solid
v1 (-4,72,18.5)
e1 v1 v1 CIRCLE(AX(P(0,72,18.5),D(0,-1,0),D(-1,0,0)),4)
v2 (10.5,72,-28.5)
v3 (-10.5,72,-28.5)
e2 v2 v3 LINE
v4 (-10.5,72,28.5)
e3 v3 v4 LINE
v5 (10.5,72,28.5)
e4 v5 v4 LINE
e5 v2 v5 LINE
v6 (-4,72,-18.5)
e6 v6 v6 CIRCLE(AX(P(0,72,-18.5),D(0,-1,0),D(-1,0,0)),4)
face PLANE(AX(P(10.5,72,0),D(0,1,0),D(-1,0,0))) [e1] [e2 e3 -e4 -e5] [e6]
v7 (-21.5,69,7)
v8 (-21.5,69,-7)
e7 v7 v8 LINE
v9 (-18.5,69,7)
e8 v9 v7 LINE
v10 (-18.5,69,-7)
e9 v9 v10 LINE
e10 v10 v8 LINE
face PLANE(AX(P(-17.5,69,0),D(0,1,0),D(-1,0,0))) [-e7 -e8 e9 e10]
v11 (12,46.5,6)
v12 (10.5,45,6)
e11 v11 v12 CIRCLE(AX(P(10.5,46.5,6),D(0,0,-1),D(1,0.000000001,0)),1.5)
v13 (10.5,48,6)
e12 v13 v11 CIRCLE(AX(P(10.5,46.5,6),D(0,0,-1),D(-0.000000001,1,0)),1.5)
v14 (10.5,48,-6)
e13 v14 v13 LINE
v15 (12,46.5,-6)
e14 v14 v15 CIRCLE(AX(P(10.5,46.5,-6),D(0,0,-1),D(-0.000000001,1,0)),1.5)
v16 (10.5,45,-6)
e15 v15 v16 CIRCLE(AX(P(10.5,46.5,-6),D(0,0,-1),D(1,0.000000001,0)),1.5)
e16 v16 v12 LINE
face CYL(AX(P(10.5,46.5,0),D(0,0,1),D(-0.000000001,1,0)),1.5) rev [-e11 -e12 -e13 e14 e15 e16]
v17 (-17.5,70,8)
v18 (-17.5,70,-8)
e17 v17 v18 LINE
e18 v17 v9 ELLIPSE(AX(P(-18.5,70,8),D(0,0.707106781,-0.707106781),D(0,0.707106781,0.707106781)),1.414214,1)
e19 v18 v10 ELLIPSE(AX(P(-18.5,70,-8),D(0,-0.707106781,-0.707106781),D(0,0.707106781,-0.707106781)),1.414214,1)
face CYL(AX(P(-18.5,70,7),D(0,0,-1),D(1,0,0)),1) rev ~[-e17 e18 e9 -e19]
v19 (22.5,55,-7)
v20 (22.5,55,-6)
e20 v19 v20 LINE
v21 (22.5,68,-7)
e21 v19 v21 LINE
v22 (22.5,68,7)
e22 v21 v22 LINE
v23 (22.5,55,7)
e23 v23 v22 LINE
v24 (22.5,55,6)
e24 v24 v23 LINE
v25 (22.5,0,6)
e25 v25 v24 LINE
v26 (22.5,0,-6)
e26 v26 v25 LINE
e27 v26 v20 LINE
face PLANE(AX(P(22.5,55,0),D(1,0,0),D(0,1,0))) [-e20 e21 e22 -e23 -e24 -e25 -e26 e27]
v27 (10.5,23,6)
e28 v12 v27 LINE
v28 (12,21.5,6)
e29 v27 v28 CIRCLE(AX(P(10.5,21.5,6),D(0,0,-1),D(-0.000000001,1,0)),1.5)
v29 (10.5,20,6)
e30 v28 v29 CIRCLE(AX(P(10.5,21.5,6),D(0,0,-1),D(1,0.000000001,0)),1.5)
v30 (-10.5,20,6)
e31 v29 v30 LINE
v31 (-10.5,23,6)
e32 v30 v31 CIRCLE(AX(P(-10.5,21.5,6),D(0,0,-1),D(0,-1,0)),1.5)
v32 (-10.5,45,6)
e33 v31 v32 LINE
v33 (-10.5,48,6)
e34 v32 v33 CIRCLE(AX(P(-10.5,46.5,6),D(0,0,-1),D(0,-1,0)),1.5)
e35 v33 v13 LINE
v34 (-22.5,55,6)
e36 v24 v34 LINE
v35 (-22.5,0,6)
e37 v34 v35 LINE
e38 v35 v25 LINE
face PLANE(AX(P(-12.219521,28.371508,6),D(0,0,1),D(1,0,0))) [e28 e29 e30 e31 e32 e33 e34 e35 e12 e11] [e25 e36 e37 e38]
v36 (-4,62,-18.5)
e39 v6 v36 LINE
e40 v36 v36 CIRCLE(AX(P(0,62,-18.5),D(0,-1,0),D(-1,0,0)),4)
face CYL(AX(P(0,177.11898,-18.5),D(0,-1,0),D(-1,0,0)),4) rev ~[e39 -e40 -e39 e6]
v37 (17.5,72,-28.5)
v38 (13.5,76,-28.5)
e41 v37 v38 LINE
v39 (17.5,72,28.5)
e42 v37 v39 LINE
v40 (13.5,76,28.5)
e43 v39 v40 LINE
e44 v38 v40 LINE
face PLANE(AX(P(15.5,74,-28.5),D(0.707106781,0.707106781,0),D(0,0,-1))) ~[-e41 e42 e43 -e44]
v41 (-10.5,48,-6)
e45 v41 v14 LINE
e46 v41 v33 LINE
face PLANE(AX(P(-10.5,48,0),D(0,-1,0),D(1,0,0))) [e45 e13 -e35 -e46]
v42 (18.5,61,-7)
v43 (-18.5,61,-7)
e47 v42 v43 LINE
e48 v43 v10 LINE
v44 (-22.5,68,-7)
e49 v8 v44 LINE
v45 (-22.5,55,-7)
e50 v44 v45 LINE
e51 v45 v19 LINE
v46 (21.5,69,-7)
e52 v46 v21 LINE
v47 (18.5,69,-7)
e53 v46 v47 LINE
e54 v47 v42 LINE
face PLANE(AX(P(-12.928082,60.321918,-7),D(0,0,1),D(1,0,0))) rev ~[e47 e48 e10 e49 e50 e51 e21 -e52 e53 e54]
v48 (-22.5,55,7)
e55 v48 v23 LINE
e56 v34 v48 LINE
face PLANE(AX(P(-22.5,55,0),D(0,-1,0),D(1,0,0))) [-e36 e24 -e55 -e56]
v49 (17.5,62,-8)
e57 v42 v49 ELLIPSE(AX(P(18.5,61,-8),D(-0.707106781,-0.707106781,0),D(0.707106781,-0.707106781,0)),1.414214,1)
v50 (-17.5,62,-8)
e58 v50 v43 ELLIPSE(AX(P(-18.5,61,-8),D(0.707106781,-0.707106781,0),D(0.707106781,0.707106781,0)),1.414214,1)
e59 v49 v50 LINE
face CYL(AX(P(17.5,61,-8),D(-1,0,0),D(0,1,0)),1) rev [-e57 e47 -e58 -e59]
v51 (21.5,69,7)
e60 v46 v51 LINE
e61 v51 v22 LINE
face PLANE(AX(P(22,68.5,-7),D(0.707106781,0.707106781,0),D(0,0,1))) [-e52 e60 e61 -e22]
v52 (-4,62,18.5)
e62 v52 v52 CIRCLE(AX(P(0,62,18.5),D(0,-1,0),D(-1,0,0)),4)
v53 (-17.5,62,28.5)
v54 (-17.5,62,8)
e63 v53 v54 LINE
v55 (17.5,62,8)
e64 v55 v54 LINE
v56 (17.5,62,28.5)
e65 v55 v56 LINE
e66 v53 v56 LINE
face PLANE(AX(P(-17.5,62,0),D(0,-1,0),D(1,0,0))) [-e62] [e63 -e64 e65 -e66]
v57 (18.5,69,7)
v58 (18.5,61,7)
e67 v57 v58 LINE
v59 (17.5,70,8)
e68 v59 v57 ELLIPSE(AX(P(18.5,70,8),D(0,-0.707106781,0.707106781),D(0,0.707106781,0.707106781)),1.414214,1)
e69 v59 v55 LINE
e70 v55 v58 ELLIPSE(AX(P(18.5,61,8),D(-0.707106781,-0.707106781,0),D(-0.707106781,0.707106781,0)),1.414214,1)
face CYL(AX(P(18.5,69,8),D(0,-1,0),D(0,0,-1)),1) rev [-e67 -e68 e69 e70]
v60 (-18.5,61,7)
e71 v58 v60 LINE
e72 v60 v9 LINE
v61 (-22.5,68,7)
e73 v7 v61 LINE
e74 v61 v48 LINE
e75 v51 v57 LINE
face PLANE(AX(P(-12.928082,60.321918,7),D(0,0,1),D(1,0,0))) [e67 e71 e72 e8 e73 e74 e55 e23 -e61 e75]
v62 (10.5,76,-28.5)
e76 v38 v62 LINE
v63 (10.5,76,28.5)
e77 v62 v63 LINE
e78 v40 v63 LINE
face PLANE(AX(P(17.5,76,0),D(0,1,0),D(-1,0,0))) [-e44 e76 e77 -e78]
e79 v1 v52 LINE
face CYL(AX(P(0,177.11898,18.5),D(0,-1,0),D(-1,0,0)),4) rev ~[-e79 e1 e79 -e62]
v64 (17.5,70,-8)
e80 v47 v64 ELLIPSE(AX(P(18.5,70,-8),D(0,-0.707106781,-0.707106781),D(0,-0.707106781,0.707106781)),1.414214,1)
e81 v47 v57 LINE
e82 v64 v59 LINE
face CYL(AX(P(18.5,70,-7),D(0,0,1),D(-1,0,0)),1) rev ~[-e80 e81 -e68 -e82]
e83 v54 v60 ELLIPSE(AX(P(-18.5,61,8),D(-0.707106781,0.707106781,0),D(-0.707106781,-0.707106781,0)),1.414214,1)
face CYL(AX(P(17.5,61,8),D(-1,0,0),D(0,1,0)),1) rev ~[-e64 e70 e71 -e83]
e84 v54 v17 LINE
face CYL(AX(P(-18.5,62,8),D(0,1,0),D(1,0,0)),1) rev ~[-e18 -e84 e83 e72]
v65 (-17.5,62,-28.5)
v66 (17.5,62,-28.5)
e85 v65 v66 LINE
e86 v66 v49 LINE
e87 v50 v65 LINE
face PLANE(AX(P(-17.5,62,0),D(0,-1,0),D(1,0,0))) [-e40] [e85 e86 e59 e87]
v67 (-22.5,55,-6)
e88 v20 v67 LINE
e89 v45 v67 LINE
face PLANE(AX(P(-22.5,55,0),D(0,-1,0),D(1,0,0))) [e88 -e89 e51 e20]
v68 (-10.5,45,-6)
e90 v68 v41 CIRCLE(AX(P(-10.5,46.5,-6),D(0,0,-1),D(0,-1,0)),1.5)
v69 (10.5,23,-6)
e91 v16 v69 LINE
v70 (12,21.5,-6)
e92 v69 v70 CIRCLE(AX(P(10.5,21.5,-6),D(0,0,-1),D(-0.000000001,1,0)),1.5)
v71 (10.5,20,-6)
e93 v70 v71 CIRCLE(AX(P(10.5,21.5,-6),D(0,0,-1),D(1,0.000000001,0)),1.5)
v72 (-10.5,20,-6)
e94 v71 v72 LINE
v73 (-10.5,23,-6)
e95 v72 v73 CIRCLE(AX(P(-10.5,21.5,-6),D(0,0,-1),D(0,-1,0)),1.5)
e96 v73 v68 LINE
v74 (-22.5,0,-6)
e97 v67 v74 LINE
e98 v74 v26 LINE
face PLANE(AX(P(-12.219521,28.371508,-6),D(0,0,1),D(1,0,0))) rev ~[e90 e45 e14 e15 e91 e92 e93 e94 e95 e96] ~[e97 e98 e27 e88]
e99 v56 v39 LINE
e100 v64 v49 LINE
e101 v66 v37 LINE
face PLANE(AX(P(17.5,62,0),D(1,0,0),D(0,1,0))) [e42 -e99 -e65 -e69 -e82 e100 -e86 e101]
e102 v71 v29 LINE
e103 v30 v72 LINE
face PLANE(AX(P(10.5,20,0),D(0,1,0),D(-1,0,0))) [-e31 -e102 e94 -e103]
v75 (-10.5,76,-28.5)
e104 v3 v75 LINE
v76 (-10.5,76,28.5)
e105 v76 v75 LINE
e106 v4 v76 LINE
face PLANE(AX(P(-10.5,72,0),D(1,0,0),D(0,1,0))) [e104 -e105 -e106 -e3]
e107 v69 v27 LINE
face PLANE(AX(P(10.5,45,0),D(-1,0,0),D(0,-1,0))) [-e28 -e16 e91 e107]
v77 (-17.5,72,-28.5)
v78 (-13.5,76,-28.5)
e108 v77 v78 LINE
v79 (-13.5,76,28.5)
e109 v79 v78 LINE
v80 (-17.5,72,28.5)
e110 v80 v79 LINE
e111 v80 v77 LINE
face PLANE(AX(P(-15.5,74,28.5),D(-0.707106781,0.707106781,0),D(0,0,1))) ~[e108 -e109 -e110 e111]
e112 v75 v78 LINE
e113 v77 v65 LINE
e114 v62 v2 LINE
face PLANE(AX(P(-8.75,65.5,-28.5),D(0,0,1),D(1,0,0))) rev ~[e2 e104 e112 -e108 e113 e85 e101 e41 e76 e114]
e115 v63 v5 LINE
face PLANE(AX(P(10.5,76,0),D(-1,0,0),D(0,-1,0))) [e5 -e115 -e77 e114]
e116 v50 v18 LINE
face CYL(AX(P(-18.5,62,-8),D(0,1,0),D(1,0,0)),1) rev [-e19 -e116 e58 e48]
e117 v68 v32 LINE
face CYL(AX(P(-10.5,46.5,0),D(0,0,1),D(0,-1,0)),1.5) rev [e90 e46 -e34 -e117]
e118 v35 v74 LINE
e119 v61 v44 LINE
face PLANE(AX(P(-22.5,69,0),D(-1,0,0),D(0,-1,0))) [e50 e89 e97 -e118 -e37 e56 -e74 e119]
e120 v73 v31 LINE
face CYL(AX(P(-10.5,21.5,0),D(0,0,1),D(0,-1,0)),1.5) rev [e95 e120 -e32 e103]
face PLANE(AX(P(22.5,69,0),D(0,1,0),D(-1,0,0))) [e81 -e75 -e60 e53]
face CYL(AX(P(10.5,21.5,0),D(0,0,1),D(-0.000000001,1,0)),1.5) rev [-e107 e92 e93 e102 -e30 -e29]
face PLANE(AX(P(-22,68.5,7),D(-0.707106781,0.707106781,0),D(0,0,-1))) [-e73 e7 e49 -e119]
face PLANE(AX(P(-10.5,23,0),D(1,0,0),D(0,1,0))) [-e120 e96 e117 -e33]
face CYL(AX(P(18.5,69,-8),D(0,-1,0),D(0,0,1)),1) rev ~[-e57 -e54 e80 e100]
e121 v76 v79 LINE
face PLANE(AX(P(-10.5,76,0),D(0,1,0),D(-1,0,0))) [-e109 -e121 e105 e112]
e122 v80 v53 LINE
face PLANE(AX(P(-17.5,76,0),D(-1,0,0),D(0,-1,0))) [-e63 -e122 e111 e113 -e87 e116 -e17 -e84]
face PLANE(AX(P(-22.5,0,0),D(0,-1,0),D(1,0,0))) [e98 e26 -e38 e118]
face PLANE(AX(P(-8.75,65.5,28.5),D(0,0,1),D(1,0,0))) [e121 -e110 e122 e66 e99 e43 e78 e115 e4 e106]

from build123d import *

# Parameters (mm, degrees)
SKETCH_2_W      = 45
SKETCH_2_H      = 55
EXTRUDE_1_DEPTH = 6
EXTRUDE_2_DEPTH = 7
EXTRUDE_3_DEPTH = 28.5
CHAMFER_1_SIZE  = 4
HOLE_WIZARD_1_D = 8
FILLET_1_R      = 1
CHAMFER_2_SIZE  = 1


with BuildPart() as part:
    # 스케치2 → 보스-돌출1 (new, symmetric)
    with BuildSketch(Plane.XY):
        with Locations((0, 27.5)):
            Rectangle(SKETCH_2_W, SKETCH_2_H)
        with BuildLine():
            Line((-10.5, 48), (10.5, 48))
            ThreePointArc((10.5, 48), (12, 46.5), (10.5, 45))
            Line((10.5, 45), (10.5, 23))
            ThreePointArc((10.5, 23), (12, 21.5), (10.5, 20))
            Line((10.5, 20), (-10.5, 20))
            ThreePointArc((-10.5, 20), (-12, 21.5), (-10.5, 23))
            Line((-10.5, 23), (-10.5, 45))
            ThreePointArc((-10.5, 45), (-12, 46.5), (-10.5, 48))
        make_face(mode=Mode.SUBTRACT)
    extrude(amount=EXTRUDE_1_DEPTH, both=True)

    # 스케치2<5> → 보스-돌출2 (add, symmetric)
    with BuildSketch(Plane.XY):
        Polygon((-22.5, 69), (-22.5, 55), (22.5, 55), (22.5, 69), (17.5, 69), (17.5, 62), (-17.5, 62), (-17.5, 69), align=None)
    extrude(amount=EXTRUDE_2_DEPTH, both=True)

    # 스케치2<6> → 보스-돌출3 (add, symmetric)
    with BuildSketch(Plane.XY):
        Polygon((-17.5, 62), (17.5, 62), (17.5, 76), (10.5, 76), (10.5, 72), (-10.5, 72), (-10.5, 76), (-17.5, 76), align=None)
    extrude(amount=EXTRUDE_3_DEPTH, both=True)

    # 모따기1
    chamfer_1_edges = [part.edges().sort_by_distance(p)[0] for p in [
        (17.5, 76, 0),
        (-17.5, 76, 0),
    ]]
    chamfer(chamfer_1_edges, length=CHAMFER_1_SIZE)

    # 구멍1 (through all)
    with Locations(Plane(origin=(0, 72, 0), x_dir=(1, 0, 0), z_dir=(0, 1, 0))):
        with Locations((0, 18.5), (0, -18.5)):
            Hole(HOLE_WIZARD_1_D / 2)

    # 필렛1
    fillet_1_edges = [part.edges().sort_by_distance(p)[0] for p in [
        (0, 62, 7),
        (-17.5, 65.5, 7),
        (-17.5, 69, 0),
        (-17.5, 65.5, -7),
        (0, 62, -7),
        (17.5, 65.5, -7),
        (17.5, 65.5, 7),
        (17.5, 69, 0),
    ]]
    fillet(fillet_1_edges, radius=FILLET_1_R)

    # 모따기2
    chamfer_2_edges = [part.edges().sort_by_distance(p)[0] for p in [
        (-22.5, 69, 0),
        (22.5, 69, 0),
    ]]
    chamfer(chamfer_2_edges, length=CHAMFER_2_SIZE)


solid = part.part
